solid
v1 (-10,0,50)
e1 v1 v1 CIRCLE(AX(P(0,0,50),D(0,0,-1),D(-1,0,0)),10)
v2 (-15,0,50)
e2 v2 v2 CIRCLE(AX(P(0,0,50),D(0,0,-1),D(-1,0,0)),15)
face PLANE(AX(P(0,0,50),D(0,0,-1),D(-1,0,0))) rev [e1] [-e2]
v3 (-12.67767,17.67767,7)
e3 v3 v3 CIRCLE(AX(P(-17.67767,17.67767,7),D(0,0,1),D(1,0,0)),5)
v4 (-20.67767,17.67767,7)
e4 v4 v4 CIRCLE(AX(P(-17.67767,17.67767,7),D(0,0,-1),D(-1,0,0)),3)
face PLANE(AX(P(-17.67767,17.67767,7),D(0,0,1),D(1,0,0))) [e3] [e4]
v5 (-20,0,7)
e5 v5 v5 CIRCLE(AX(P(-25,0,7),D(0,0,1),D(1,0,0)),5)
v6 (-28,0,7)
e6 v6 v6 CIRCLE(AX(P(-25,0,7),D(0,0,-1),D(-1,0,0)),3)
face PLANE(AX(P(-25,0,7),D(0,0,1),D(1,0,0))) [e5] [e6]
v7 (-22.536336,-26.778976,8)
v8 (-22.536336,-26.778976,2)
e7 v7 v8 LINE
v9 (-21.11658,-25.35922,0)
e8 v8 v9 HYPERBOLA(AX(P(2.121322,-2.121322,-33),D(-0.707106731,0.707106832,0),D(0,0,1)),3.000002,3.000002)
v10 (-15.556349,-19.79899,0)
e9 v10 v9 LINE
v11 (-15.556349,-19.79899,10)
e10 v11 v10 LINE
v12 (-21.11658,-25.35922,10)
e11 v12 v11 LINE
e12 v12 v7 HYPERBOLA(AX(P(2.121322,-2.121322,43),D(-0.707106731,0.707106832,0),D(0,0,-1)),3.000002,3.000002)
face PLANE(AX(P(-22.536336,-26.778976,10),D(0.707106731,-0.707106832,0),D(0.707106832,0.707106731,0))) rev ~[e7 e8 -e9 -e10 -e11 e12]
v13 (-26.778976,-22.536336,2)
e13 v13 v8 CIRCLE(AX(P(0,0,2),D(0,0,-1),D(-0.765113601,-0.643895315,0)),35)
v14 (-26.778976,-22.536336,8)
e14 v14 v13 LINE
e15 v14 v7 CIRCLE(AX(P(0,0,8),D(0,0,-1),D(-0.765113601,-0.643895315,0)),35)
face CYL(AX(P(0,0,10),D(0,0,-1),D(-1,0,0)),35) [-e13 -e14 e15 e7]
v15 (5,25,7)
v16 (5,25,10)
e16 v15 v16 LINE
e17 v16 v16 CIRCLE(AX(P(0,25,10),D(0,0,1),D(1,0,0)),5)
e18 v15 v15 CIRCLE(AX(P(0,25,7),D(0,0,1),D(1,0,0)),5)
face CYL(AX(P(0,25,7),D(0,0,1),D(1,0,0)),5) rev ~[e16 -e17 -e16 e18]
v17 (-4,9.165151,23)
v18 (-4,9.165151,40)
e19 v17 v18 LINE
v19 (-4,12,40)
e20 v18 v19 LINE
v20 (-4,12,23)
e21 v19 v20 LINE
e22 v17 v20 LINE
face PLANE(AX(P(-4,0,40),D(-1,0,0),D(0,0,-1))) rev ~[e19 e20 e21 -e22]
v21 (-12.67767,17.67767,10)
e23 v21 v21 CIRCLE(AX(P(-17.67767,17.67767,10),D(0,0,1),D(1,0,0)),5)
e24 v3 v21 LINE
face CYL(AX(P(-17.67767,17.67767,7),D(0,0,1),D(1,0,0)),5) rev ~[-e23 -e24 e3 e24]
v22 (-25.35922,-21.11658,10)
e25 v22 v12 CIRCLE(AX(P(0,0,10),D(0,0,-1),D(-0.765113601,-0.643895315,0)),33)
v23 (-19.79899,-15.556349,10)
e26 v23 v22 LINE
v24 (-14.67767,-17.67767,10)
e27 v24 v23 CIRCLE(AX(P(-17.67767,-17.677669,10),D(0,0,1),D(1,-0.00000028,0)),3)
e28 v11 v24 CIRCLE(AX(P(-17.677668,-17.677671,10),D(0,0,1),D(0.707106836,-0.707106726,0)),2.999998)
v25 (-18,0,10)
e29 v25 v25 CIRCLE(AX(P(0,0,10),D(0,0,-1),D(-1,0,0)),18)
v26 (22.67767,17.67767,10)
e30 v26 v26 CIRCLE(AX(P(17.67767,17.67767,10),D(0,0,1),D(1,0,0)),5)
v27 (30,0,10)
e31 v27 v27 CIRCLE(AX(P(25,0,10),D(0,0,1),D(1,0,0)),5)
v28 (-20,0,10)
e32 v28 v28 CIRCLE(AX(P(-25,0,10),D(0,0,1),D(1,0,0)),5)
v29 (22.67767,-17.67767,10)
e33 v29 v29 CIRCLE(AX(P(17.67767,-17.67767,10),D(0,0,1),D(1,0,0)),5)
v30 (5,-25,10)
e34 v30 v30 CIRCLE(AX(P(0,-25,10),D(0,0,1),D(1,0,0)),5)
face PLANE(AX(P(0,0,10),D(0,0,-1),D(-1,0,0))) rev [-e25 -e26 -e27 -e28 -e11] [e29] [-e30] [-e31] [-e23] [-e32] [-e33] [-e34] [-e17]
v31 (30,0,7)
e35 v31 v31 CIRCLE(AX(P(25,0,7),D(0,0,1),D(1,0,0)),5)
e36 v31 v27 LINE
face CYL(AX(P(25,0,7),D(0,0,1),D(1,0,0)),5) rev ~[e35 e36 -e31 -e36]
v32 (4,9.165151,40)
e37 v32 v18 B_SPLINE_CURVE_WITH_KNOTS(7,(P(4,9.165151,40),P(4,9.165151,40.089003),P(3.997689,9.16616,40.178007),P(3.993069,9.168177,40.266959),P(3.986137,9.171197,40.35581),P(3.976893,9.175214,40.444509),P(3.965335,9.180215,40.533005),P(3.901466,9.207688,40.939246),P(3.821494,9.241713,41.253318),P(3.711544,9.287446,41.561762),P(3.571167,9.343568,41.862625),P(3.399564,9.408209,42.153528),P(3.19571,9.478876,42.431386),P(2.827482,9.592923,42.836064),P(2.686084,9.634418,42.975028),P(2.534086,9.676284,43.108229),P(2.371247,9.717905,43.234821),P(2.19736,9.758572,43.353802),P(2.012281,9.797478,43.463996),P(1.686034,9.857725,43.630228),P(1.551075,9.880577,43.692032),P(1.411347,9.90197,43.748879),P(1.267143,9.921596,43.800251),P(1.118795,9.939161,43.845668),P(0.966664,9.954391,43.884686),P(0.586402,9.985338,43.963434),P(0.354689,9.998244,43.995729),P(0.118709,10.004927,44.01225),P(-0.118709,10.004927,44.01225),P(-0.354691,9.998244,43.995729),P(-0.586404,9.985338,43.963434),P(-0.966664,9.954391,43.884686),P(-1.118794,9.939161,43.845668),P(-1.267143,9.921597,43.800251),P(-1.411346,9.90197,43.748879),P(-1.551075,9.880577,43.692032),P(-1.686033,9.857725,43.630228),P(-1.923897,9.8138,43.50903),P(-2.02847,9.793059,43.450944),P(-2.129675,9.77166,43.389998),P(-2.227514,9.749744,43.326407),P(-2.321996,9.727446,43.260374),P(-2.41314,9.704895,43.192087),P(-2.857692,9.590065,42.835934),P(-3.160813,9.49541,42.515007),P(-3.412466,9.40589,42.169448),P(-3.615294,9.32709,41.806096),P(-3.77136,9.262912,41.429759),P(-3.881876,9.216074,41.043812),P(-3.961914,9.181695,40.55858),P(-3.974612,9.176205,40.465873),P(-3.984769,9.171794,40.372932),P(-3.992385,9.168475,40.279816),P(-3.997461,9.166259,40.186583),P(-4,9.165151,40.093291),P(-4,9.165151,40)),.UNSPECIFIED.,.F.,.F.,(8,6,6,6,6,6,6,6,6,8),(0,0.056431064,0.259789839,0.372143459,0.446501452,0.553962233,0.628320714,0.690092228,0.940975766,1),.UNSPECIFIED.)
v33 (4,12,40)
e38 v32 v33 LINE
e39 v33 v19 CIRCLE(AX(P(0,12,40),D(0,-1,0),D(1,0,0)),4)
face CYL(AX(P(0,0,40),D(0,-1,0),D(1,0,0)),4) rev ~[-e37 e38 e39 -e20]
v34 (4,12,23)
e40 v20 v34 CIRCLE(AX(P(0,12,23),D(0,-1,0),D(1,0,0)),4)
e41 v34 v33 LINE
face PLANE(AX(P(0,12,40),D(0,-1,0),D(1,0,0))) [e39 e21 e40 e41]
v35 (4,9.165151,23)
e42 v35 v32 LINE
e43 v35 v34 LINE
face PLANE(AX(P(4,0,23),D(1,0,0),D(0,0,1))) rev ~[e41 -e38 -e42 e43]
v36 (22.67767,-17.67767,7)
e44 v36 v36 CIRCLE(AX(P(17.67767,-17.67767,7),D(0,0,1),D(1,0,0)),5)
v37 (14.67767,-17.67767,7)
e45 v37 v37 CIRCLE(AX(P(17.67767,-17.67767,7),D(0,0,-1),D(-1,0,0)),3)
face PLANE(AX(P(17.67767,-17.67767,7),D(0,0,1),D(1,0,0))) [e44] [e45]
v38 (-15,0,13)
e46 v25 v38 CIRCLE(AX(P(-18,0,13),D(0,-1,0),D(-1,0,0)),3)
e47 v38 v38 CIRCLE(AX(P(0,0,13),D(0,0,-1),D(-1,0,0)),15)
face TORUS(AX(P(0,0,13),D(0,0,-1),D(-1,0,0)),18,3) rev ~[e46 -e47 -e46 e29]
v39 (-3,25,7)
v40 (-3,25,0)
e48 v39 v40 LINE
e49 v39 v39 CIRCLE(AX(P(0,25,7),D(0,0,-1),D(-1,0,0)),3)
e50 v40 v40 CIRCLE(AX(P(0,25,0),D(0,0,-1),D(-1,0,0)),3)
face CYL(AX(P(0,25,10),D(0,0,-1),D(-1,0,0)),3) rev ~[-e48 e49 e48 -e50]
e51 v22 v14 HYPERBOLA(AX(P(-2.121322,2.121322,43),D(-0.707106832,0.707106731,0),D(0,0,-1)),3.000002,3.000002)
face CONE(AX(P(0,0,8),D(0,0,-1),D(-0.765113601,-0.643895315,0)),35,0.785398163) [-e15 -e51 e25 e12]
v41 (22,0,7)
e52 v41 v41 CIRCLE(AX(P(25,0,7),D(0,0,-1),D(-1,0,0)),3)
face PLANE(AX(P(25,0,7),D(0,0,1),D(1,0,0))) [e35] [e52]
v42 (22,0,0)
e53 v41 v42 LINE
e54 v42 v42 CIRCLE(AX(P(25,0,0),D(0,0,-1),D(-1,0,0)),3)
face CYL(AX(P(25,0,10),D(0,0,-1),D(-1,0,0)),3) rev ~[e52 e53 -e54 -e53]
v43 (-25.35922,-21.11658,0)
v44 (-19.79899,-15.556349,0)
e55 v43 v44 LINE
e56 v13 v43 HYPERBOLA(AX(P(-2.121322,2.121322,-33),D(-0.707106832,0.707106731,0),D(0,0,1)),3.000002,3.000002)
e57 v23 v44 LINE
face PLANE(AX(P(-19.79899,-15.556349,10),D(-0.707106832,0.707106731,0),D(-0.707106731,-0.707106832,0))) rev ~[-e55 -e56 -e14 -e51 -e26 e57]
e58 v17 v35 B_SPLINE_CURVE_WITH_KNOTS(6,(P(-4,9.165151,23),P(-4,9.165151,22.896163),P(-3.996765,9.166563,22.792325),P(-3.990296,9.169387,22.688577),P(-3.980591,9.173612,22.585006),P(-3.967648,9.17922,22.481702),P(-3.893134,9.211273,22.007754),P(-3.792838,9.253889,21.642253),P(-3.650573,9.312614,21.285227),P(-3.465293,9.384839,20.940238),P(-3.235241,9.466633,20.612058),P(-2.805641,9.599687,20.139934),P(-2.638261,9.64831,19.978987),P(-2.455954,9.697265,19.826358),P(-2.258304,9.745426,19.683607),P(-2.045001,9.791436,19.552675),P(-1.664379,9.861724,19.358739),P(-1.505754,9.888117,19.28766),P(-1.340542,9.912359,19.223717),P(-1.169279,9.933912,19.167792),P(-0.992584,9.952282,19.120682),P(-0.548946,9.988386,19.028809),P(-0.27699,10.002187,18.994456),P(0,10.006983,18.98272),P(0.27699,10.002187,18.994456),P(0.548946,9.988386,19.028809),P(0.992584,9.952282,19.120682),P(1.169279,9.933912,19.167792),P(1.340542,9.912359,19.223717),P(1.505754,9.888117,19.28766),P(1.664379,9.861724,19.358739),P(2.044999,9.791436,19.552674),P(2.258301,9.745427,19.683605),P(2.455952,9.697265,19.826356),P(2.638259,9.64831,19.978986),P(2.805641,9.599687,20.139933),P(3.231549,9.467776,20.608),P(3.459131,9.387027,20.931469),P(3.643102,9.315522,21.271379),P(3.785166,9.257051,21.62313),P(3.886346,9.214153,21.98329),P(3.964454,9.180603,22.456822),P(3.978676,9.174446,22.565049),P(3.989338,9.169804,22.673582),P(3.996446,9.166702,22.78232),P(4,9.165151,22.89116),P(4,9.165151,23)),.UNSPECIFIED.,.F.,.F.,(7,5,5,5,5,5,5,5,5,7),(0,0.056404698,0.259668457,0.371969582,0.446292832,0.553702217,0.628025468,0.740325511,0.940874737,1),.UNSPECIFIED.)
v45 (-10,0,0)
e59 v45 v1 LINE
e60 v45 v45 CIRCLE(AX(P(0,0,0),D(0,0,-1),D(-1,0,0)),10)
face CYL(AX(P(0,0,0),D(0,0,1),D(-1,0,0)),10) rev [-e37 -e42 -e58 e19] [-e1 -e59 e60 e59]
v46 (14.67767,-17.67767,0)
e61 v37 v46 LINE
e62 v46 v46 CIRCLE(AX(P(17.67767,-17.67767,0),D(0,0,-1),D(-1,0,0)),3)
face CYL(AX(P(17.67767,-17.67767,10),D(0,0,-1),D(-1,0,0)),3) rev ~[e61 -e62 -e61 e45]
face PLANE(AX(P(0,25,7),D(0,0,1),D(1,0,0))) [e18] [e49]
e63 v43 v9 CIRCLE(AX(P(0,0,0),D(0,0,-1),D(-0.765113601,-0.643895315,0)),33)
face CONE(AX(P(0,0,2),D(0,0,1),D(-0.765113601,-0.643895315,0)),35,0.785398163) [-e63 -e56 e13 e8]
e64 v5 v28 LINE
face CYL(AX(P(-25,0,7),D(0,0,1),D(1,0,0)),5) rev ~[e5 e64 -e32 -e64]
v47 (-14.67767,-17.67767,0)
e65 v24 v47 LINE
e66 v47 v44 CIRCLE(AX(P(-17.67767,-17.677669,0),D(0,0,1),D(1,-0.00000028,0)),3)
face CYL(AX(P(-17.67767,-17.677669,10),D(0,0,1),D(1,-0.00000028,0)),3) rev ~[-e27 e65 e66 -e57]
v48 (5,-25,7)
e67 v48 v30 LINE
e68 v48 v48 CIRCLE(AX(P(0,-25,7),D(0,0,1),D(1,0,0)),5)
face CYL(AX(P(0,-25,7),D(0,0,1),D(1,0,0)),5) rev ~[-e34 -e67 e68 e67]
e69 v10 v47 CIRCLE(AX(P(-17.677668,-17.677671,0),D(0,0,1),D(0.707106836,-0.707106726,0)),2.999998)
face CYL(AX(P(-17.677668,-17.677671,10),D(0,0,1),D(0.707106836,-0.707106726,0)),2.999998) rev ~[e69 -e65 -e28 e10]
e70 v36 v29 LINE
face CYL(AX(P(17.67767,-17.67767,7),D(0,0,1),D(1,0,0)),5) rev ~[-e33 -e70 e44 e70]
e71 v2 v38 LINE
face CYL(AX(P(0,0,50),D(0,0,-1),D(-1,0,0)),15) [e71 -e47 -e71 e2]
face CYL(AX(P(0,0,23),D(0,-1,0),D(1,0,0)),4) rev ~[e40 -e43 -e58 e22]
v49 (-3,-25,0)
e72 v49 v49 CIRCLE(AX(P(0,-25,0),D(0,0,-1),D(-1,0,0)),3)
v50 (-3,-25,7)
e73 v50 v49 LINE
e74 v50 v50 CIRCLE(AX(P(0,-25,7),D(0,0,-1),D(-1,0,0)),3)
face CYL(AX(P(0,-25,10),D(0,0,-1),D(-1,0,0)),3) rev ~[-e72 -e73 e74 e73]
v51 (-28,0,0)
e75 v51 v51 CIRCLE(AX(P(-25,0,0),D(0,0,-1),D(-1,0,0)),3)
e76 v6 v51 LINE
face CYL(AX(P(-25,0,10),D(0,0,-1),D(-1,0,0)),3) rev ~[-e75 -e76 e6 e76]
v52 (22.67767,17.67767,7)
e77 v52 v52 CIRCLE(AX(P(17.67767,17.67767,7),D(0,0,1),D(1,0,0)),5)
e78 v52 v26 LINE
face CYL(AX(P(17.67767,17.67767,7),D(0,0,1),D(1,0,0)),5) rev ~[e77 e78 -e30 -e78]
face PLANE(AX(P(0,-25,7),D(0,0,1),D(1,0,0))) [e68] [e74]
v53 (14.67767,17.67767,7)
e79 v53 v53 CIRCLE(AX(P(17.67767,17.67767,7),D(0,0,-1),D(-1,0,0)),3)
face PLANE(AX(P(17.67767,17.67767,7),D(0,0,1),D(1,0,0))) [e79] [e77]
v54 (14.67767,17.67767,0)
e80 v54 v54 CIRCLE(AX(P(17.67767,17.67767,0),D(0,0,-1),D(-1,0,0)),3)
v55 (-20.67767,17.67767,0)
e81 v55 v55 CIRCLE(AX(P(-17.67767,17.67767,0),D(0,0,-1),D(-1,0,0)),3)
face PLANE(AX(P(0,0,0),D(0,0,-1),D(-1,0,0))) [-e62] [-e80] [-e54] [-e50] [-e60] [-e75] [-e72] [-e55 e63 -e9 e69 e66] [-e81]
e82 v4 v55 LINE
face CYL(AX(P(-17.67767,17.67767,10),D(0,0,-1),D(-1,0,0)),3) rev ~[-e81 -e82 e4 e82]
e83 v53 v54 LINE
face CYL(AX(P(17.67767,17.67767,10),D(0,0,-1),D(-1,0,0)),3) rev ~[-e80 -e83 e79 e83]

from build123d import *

# Parameters (mm, degrees)
F3_D           = 6
F3_CBORE_D     = 10
F3_CBORE_DEPTH = 3
F4_DEPTH       = 10.001
F6_DEPTH       = 12
F7_R           = 3
F8_SIZE        = 2


with BuildPart() as f1:
    # F0 (on Front) → F1 (revolve)
    with BuildSketch(Plane.XZ):
        Polygon((-35, 0), (-10, 0), (-10, 50), (-15, 50), (-15, 10), (-35, 10), align=None)
    revolve(axis=Axis((0, 0, 25), (0, 0, -1)))

    # F3 (through all)
    with Locations(Plane.XY.offset(10)):
        with Locations((-17.67767, 17.67767), (0, 25), (17.67767, 17.67767), (25, 0), (0, -25), (-25, 0), (17.67767, -17.67767)):
            CounterBoreHole(F3_D / 2, F3_CBORE_D / 2, F3_CBORE_DEPTH)

    # F2 (on face) → F4 (cut, through all)
    with BuildSketch(Plane.XY.offset(10)):
        with BuildLine():
            ThreePointArc((-15.556349, -19.79899), (-19.79899, -19.79899), (-19.79899, -15.556349))
            Line((-19.79899, -15.556349), (-26.778976, -22.536336))
            ThreePointArc((-26.778976, -22.536336), (-24.748737, -24.748737), (-22.536336, -26.778976))
            Line((-22.536336, -26.778976), (-15.556349, -19.79899))
        make_face()
        with BuildLine():
            ThreePointArc((-15.556349, -19.79899), (-14.906031, -18.82572), (-14.67767, -17.67767))
            ThreePointArc((-14.67767, -17.67767), (-16.529619, -14.906031), (-19.79899, -15.556349))
            ThreePointArc((-19.79899, -15.556349), (-19.79899, -19.79899), (-15.556349, -19.79899))
        make_face()
    extrude(amount=-F4_DEPTH, mode=Mode.SUBTRACT)

    # F5 (on Front) → F6 (cut)
    with BuildSketch(Plane.XZ):
        with BuildLine():
            ThreePointArc((-4, 40), (0, 36), (4, 40))
            ThreePointArc((4, 40), (0, 44), (-4, 40))
        make_face()
        with BuildLine():
            Line((4, 23), (4, 40))
            ThreePointArc((4, 40), (0, 36), (-4, 40))
            Line((-4, 40), (-4, 23))
            ThreePointArc((-4, 23), (0, 27), (4, 23))
        make_face()
        with BuildLine():
            ThreePointArc((-4, 23), (0, 19), (4, 23))
            ThreePointArc((4, 23), (0, 27), (-4, 23))
        make_face()
    extrude(amount=-F6_DEPTH, mode=Mode.SUBTRACT)

    # F7
    f7_edges = [f1.edges().sort_by_distance(p)[0] for p in [
        (15, 0, 10),
    ]]
    fillet(f7_edges, radius=F7_R)

    # F8
    f8_edges = [f1.edges().sort_by_distance(p)[0] for p in [
        (24.748737, 24.748737, 10),
        (24.748737, 24.748737, 0),
    ]]
    chamfer(f8_edges, length=F8_SIZE)


solid = f1.part
